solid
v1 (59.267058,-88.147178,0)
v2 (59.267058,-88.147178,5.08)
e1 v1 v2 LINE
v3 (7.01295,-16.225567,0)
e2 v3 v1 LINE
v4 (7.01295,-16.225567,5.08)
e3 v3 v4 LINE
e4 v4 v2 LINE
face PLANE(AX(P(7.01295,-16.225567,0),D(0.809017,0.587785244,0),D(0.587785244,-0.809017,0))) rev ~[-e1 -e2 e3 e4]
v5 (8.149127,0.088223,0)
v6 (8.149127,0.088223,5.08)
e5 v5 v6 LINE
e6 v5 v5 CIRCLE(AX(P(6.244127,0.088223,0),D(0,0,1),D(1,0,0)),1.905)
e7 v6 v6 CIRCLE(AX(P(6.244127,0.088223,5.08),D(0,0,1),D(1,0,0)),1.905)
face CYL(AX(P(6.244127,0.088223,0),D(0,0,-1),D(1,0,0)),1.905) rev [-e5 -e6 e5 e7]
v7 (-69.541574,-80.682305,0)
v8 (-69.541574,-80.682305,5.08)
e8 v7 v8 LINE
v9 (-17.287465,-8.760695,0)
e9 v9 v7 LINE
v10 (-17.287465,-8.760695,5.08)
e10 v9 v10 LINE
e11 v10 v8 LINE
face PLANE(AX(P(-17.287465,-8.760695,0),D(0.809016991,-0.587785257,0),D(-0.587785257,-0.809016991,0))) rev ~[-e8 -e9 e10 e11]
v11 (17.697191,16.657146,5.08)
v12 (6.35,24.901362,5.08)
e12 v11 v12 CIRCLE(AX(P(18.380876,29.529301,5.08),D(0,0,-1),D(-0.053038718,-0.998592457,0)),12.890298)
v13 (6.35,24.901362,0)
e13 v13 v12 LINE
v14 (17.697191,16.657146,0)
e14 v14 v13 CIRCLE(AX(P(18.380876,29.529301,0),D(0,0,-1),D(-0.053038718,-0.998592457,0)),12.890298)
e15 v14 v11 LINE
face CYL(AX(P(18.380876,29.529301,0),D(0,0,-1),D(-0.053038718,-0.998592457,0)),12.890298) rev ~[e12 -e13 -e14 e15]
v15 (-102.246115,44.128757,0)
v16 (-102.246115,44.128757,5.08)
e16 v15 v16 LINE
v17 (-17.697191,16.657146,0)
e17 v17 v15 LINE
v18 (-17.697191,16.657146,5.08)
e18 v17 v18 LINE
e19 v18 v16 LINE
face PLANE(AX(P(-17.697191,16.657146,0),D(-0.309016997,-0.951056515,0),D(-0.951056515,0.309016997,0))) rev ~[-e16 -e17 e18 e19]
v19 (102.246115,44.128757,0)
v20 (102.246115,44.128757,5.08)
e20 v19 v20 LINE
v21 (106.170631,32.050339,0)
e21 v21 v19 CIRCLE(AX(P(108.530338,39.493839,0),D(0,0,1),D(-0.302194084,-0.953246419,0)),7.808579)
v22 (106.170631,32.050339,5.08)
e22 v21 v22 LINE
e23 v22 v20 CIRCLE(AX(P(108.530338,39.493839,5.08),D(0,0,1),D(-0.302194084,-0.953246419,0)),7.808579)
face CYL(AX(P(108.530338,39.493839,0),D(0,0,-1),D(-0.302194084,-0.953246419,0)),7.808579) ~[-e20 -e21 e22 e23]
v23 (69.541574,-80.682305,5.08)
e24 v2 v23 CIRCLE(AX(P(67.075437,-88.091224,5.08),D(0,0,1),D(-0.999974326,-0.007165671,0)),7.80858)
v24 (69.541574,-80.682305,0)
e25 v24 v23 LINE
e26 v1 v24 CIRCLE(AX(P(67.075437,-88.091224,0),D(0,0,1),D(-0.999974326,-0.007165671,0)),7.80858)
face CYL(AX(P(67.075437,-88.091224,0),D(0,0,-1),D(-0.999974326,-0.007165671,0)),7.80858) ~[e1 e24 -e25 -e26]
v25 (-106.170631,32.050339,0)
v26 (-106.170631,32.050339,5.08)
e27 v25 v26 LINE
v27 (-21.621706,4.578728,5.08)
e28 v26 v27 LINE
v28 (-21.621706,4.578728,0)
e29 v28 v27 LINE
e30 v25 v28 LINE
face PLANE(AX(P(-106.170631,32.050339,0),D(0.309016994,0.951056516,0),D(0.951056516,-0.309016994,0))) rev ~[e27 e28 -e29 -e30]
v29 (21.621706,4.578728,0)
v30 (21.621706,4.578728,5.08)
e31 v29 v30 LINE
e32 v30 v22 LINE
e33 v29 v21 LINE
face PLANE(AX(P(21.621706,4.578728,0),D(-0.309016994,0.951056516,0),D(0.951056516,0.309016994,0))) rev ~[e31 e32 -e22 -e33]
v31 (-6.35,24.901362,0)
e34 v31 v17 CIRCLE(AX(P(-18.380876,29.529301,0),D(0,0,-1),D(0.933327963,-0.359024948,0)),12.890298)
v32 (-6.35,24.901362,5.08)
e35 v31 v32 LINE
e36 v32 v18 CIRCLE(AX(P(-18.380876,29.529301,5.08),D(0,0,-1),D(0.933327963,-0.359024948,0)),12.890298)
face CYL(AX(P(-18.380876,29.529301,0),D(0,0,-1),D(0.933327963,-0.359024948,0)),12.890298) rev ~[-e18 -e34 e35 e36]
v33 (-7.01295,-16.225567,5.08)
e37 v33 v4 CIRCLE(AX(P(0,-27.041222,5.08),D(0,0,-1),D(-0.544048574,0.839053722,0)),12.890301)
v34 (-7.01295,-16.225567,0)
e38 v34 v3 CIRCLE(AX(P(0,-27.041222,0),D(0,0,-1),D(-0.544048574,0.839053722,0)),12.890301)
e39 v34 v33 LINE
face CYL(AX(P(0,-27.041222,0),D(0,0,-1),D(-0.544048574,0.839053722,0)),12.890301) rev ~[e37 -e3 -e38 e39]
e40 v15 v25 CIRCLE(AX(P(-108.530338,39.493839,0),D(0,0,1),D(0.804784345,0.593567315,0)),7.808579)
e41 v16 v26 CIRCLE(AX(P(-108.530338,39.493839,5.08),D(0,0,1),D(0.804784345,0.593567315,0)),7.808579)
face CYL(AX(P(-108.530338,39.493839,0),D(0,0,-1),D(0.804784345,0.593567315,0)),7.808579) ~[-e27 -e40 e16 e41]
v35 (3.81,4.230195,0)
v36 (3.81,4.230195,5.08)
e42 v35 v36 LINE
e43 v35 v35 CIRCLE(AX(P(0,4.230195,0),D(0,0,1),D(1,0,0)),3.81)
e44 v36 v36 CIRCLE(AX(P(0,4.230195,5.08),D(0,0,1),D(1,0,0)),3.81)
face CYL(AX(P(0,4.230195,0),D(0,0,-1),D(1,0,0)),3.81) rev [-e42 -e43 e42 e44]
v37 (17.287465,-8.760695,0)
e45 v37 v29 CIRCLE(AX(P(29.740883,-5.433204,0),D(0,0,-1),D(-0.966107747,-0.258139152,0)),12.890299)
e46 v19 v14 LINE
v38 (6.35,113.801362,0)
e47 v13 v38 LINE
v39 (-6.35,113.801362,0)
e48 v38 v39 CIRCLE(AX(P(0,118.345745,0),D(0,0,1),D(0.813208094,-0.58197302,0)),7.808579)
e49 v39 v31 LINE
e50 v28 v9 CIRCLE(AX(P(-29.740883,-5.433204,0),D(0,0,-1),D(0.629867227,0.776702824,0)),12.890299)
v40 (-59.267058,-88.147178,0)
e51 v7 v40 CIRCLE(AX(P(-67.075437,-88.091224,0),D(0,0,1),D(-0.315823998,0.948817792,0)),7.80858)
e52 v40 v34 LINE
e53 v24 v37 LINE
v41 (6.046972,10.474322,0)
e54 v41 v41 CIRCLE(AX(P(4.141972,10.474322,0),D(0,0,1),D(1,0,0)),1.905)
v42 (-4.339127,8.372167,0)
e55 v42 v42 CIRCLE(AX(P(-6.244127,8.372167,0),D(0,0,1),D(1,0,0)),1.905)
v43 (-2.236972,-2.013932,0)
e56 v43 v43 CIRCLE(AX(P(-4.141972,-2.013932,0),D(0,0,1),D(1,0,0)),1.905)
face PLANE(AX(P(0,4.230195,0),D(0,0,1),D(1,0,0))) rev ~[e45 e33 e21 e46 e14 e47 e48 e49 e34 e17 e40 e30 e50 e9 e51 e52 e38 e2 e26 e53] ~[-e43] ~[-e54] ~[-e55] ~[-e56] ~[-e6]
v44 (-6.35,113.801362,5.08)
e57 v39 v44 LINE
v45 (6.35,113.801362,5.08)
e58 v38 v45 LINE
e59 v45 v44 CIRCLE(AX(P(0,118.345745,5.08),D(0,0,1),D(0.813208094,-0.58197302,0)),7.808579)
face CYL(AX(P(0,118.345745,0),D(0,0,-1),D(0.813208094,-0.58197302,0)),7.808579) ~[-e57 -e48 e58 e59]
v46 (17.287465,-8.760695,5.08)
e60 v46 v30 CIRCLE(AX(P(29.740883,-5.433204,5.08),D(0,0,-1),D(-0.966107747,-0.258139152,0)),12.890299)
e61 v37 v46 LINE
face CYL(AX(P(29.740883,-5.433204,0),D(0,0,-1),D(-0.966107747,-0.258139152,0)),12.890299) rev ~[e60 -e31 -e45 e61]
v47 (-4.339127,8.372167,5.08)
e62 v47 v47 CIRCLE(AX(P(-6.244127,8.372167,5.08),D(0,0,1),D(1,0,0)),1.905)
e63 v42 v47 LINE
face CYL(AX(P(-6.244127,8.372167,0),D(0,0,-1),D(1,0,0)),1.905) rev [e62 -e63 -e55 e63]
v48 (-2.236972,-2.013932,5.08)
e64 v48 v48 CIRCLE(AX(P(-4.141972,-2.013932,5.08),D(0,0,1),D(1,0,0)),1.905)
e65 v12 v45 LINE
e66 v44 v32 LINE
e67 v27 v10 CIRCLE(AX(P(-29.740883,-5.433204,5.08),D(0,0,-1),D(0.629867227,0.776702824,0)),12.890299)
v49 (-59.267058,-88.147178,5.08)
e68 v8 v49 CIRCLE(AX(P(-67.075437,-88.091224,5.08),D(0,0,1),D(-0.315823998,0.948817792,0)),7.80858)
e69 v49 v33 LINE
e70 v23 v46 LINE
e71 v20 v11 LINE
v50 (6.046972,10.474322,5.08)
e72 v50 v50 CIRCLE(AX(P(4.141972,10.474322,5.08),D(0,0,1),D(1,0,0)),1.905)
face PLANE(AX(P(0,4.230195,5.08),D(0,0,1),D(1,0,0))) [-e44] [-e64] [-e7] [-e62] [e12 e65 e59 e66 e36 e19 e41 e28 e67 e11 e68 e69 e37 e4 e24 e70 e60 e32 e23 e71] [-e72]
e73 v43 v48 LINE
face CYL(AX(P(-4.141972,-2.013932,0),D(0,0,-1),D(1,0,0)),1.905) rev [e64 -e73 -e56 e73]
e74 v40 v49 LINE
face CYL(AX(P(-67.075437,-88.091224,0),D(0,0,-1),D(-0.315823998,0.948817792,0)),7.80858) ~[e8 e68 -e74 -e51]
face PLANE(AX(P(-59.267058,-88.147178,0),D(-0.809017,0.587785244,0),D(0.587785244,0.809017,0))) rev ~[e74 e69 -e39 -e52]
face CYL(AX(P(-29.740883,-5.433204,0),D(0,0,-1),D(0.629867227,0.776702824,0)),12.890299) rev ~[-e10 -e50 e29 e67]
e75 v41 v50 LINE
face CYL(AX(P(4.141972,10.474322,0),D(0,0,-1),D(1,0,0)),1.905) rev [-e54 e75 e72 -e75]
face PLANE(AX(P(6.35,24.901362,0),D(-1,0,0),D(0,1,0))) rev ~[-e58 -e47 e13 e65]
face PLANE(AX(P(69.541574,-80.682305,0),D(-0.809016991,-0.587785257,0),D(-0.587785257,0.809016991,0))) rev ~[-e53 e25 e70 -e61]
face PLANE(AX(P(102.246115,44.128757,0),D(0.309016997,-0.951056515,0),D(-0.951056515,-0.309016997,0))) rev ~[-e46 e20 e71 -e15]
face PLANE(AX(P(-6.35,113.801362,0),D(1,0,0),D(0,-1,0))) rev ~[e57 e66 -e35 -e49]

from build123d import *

# Parameters (mm, degrees)
F0_R     = 1.905
F0_R_2   = 3.81
F1_DEPTH = 5.08


with BuildPart() as f1:
    # F0 (on Top) → F1 (new body)
    with BuildSketch(Plane.XY):
        with BuildLine():
            ThreePointArc((-6.35, 24.901362), (-10.804149, 19.10083), (-17.697191, 16.657146))
            Line((-17.697191, 16.657146), (-102.246115, 44.128757))
            ThreePointArc((-102.246115, 44.128757), (-115.956738, 41.906823), (-106.170631, 32.050339))
            Line((-106.170631, 32.050339), (-21.621706, 4.578728))
            ThreePointArc((-21.621706, 4.578728), (-17.48148, -1.449882), (-17.287465, -8.760695))
            Line((-17.287465, -8.760695), (-69.541574, -80.682305))
            ThreePointArc((-69.541574, -80.682305), (-71.665205, -94.408498), (-59.267058, -88.147178))
            Line((-59.267058, -88.147178), (-7.01295, -16.225567))
            ThreePointArc((-7.01295, -16.225567), (0, -14.150921), (7.01295, -16.225567))
            Line((7.01295, -16.225567), (59.267058, -88.147178))
            ThreePointArc((59.267058, -88.147178), (71.665205, -94.408498), (69.541574, -80.682305))
            Line((69.541574, -80.682305), (17.287465, -8.760695))
            ThreePointArc((17.287465, -8.760695), (17.48148, -1.449882), (21.621706, 4.578728))
            Line((21.621706, 4.578728), (106.170631, 32.050339))
            ThreePointArc((106.170631, 32.050339), (115.956738, 41.906823), (102.246115, 44.128757))
            Line((102.246115, 44.128757), (17.697191, 16.657146))
            ThreePointArc((17.697191, 16.657146), (10.804149, 19.10083), (6.35, 24.901362))
            Line((6.35, 24.901362), (6.35, 113.801362))
            ThreePointArc((6.35, 113.801362), (0, 126.154324), (-6.35, 113.801362))
            Line((-6.35, 113.801362), (-6.35, 24.901362))
        make_face()
        with Locations((-4.141972, -2.013932)):
            Circle(F0_R, mode=Mode.SUBTRACT)
        with Locations((0, 4.230195)):
            Circle(F0_R_2, mode=Mode.SUBTRACT)
        with Locations((-6.244127, 8.372167)):
            Circle(F0_R, mode=Mode.SUBTRACT)
        with Locations((6.244127, 0.088223)):
            Circle(F0_R, mode=Mode.SUBTRACT)
        with Locations((4.141972, 10.474322)):
            Circle(F0_R, mode=Mode.SUBTRACT)
    extrude(amount=F1_DEPTH)


solid = f1.part
